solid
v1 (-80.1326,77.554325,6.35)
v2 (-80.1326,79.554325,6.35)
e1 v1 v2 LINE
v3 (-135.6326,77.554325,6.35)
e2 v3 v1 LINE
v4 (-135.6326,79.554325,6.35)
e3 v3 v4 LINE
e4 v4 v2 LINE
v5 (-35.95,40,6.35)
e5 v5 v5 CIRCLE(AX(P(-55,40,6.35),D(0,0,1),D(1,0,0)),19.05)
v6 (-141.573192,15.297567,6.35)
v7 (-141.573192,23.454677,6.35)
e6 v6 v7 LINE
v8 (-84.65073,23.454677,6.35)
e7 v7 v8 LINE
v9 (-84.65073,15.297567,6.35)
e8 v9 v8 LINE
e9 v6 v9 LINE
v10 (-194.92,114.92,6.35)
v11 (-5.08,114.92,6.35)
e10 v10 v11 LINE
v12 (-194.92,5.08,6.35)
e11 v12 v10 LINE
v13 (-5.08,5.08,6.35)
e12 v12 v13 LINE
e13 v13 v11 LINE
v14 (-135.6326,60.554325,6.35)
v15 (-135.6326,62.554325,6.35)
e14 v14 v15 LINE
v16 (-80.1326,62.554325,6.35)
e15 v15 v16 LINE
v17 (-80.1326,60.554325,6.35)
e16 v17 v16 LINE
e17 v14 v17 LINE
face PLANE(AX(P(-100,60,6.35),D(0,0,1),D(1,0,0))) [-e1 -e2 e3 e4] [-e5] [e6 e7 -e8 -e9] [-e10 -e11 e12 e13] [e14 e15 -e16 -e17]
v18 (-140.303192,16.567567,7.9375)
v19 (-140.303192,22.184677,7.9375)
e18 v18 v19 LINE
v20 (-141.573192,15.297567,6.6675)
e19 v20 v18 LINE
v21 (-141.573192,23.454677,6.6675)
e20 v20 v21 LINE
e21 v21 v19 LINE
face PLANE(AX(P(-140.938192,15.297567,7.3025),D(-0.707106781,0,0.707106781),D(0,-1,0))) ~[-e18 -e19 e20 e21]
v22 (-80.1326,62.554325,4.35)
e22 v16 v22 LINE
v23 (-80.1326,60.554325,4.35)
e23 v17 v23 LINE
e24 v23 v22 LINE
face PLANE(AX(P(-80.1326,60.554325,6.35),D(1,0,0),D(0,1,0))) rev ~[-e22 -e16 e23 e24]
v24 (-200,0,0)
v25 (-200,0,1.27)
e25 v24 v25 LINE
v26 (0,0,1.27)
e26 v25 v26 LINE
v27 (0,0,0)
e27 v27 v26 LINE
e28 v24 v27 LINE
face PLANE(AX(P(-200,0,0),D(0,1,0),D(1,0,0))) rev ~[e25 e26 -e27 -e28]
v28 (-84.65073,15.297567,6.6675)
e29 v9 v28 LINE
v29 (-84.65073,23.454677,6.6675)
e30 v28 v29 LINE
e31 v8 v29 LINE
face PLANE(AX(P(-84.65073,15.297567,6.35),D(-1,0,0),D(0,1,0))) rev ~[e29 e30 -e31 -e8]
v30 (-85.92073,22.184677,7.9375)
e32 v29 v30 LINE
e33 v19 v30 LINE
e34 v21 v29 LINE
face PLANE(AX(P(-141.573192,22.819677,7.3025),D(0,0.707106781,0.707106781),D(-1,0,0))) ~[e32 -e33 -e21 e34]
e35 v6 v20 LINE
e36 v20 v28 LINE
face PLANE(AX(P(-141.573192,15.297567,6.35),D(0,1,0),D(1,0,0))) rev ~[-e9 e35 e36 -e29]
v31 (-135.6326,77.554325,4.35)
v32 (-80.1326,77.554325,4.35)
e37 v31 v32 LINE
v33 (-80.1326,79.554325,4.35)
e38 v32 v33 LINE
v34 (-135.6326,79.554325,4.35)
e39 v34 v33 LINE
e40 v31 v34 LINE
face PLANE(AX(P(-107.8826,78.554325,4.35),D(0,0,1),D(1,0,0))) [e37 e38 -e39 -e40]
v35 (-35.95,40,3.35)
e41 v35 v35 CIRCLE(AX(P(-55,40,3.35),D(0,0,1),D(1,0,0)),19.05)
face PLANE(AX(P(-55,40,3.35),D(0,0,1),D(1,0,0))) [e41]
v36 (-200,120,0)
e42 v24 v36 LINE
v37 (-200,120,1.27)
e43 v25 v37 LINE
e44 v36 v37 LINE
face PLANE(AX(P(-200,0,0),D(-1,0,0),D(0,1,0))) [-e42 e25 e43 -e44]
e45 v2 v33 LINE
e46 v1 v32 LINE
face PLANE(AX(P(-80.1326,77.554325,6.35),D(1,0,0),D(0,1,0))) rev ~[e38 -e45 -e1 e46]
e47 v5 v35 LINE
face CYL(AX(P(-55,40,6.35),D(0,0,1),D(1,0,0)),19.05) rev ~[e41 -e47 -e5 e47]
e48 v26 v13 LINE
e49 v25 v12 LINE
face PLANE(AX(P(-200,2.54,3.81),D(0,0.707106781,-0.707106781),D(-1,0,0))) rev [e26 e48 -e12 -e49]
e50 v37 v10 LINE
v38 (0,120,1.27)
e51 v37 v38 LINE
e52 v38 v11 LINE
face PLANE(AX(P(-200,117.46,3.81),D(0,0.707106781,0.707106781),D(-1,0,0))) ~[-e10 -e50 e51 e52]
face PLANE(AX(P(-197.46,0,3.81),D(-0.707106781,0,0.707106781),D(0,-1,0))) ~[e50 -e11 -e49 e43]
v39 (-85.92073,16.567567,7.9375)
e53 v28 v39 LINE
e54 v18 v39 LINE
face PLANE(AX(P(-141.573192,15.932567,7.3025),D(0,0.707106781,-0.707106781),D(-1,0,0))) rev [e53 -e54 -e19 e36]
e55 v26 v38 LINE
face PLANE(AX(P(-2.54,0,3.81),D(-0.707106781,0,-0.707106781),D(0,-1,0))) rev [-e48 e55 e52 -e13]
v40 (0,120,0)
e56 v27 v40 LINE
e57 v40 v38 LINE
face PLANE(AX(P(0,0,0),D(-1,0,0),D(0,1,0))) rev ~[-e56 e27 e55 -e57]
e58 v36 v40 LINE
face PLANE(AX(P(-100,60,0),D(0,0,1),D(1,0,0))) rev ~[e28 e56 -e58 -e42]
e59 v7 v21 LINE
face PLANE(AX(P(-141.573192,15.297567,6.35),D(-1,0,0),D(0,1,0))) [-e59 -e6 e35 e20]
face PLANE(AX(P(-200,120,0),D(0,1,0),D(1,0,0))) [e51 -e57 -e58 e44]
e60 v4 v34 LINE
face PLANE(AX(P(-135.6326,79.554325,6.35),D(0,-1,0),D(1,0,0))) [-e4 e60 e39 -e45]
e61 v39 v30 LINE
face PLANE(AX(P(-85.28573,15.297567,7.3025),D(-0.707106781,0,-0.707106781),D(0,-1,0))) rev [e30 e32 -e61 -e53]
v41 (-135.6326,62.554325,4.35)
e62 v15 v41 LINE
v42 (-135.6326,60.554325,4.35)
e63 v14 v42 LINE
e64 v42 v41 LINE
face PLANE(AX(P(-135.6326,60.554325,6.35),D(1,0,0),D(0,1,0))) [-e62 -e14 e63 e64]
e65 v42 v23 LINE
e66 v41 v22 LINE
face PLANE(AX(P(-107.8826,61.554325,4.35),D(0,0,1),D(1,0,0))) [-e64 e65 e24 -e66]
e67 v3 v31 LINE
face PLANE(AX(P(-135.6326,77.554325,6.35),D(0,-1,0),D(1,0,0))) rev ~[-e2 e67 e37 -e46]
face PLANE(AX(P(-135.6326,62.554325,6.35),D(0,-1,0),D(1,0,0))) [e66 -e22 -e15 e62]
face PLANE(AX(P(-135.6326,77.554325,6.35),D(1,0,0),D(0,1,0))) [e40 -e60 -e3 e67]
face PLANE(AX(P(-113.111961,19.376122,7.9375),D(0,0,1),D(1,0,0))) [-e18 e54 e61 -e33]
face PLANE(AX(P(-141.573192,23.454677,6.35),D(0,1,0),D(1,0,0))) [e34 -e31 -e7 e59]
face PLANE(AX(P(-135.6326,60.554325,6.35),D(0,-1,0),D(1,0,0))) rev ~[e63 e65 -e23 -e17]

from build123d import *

# Parameters (mm, degrees)
F0_W     = 200
F0_H     = 120
F1_DEPTH = 6.35
F3_SIZE  = 5.08
F4_W     = 56.922462
F4_H     = 8.15711
F5_DEPTH = 1.5875
F6_SIZE  = 1.27
F2_R     = 19.05
F7_DEPTH = 3
F8_W     = 55.5
F8_H     = 2
F9_DEPTH = 2


with BuildPart() as f1:
    # F0 (on Top) → F1 (new body)
    with BuildSketch(Plane.XY):
        with Locations((-100, 60)):
            Rectangle(F0_W, F0_H)
    extrude(amount=F1_DEPTH)

    # F3
    f3_edges = [f1.edges().sort_by_distance(p)[0] for p in [
        (-200, 60, 6.35),
        (-100, 120, 6.35),
        (-100, 0, 6.35),
        (0, 60, 6.35),
    ]]
    chamfer(f3_edges, length=F3_SIZE)

    # F4 (on face) → F5 (join)
    with BuildSketch(Plane.XY.offset(6.35)):
        with Locations((-113.111961, 19.376122)):
            Rectangle(F4_W, F4_H)
    extrude(amount=F5_DEPTH)

    # F6
    f6_edges = [f1.edges().sort_by_distance(p)[0] for p in [
        (-113.111961, 15.297567, 7.9375),
        (-141.573192, 19.376122, 7.9375),
        (-113.111961, 23.454677, 7.9375),
        (-84.65073, 19.376122, 7.9375),
    ]]
    chamfer(f6_edges, length=F6_SIZE)

    # F2 (on face) → F7 (cut)
    with BuildSketch(Plane.XY.offset(6.35)):
        with Locations((-55, 40)):
            Circle(F2_R)
    extrude(amount=-F7_DEPTH, mode=Mode.SUBTRACT)

    # F8 (on face) → F9 (cut)
    with BuildSketch(Plane.XY.offset(6.35)):
        with Locations((-107.8826, 78.554325)):
            Rectangle(F8_W, F8_H)
        with Locations((-107.8826, 61.554325)):
            Rectangle(F8_W, F8_H)
    extrude(amount=-F9_DEPTH, mode=Mode.SUBTRACT)


solid = f1.part
